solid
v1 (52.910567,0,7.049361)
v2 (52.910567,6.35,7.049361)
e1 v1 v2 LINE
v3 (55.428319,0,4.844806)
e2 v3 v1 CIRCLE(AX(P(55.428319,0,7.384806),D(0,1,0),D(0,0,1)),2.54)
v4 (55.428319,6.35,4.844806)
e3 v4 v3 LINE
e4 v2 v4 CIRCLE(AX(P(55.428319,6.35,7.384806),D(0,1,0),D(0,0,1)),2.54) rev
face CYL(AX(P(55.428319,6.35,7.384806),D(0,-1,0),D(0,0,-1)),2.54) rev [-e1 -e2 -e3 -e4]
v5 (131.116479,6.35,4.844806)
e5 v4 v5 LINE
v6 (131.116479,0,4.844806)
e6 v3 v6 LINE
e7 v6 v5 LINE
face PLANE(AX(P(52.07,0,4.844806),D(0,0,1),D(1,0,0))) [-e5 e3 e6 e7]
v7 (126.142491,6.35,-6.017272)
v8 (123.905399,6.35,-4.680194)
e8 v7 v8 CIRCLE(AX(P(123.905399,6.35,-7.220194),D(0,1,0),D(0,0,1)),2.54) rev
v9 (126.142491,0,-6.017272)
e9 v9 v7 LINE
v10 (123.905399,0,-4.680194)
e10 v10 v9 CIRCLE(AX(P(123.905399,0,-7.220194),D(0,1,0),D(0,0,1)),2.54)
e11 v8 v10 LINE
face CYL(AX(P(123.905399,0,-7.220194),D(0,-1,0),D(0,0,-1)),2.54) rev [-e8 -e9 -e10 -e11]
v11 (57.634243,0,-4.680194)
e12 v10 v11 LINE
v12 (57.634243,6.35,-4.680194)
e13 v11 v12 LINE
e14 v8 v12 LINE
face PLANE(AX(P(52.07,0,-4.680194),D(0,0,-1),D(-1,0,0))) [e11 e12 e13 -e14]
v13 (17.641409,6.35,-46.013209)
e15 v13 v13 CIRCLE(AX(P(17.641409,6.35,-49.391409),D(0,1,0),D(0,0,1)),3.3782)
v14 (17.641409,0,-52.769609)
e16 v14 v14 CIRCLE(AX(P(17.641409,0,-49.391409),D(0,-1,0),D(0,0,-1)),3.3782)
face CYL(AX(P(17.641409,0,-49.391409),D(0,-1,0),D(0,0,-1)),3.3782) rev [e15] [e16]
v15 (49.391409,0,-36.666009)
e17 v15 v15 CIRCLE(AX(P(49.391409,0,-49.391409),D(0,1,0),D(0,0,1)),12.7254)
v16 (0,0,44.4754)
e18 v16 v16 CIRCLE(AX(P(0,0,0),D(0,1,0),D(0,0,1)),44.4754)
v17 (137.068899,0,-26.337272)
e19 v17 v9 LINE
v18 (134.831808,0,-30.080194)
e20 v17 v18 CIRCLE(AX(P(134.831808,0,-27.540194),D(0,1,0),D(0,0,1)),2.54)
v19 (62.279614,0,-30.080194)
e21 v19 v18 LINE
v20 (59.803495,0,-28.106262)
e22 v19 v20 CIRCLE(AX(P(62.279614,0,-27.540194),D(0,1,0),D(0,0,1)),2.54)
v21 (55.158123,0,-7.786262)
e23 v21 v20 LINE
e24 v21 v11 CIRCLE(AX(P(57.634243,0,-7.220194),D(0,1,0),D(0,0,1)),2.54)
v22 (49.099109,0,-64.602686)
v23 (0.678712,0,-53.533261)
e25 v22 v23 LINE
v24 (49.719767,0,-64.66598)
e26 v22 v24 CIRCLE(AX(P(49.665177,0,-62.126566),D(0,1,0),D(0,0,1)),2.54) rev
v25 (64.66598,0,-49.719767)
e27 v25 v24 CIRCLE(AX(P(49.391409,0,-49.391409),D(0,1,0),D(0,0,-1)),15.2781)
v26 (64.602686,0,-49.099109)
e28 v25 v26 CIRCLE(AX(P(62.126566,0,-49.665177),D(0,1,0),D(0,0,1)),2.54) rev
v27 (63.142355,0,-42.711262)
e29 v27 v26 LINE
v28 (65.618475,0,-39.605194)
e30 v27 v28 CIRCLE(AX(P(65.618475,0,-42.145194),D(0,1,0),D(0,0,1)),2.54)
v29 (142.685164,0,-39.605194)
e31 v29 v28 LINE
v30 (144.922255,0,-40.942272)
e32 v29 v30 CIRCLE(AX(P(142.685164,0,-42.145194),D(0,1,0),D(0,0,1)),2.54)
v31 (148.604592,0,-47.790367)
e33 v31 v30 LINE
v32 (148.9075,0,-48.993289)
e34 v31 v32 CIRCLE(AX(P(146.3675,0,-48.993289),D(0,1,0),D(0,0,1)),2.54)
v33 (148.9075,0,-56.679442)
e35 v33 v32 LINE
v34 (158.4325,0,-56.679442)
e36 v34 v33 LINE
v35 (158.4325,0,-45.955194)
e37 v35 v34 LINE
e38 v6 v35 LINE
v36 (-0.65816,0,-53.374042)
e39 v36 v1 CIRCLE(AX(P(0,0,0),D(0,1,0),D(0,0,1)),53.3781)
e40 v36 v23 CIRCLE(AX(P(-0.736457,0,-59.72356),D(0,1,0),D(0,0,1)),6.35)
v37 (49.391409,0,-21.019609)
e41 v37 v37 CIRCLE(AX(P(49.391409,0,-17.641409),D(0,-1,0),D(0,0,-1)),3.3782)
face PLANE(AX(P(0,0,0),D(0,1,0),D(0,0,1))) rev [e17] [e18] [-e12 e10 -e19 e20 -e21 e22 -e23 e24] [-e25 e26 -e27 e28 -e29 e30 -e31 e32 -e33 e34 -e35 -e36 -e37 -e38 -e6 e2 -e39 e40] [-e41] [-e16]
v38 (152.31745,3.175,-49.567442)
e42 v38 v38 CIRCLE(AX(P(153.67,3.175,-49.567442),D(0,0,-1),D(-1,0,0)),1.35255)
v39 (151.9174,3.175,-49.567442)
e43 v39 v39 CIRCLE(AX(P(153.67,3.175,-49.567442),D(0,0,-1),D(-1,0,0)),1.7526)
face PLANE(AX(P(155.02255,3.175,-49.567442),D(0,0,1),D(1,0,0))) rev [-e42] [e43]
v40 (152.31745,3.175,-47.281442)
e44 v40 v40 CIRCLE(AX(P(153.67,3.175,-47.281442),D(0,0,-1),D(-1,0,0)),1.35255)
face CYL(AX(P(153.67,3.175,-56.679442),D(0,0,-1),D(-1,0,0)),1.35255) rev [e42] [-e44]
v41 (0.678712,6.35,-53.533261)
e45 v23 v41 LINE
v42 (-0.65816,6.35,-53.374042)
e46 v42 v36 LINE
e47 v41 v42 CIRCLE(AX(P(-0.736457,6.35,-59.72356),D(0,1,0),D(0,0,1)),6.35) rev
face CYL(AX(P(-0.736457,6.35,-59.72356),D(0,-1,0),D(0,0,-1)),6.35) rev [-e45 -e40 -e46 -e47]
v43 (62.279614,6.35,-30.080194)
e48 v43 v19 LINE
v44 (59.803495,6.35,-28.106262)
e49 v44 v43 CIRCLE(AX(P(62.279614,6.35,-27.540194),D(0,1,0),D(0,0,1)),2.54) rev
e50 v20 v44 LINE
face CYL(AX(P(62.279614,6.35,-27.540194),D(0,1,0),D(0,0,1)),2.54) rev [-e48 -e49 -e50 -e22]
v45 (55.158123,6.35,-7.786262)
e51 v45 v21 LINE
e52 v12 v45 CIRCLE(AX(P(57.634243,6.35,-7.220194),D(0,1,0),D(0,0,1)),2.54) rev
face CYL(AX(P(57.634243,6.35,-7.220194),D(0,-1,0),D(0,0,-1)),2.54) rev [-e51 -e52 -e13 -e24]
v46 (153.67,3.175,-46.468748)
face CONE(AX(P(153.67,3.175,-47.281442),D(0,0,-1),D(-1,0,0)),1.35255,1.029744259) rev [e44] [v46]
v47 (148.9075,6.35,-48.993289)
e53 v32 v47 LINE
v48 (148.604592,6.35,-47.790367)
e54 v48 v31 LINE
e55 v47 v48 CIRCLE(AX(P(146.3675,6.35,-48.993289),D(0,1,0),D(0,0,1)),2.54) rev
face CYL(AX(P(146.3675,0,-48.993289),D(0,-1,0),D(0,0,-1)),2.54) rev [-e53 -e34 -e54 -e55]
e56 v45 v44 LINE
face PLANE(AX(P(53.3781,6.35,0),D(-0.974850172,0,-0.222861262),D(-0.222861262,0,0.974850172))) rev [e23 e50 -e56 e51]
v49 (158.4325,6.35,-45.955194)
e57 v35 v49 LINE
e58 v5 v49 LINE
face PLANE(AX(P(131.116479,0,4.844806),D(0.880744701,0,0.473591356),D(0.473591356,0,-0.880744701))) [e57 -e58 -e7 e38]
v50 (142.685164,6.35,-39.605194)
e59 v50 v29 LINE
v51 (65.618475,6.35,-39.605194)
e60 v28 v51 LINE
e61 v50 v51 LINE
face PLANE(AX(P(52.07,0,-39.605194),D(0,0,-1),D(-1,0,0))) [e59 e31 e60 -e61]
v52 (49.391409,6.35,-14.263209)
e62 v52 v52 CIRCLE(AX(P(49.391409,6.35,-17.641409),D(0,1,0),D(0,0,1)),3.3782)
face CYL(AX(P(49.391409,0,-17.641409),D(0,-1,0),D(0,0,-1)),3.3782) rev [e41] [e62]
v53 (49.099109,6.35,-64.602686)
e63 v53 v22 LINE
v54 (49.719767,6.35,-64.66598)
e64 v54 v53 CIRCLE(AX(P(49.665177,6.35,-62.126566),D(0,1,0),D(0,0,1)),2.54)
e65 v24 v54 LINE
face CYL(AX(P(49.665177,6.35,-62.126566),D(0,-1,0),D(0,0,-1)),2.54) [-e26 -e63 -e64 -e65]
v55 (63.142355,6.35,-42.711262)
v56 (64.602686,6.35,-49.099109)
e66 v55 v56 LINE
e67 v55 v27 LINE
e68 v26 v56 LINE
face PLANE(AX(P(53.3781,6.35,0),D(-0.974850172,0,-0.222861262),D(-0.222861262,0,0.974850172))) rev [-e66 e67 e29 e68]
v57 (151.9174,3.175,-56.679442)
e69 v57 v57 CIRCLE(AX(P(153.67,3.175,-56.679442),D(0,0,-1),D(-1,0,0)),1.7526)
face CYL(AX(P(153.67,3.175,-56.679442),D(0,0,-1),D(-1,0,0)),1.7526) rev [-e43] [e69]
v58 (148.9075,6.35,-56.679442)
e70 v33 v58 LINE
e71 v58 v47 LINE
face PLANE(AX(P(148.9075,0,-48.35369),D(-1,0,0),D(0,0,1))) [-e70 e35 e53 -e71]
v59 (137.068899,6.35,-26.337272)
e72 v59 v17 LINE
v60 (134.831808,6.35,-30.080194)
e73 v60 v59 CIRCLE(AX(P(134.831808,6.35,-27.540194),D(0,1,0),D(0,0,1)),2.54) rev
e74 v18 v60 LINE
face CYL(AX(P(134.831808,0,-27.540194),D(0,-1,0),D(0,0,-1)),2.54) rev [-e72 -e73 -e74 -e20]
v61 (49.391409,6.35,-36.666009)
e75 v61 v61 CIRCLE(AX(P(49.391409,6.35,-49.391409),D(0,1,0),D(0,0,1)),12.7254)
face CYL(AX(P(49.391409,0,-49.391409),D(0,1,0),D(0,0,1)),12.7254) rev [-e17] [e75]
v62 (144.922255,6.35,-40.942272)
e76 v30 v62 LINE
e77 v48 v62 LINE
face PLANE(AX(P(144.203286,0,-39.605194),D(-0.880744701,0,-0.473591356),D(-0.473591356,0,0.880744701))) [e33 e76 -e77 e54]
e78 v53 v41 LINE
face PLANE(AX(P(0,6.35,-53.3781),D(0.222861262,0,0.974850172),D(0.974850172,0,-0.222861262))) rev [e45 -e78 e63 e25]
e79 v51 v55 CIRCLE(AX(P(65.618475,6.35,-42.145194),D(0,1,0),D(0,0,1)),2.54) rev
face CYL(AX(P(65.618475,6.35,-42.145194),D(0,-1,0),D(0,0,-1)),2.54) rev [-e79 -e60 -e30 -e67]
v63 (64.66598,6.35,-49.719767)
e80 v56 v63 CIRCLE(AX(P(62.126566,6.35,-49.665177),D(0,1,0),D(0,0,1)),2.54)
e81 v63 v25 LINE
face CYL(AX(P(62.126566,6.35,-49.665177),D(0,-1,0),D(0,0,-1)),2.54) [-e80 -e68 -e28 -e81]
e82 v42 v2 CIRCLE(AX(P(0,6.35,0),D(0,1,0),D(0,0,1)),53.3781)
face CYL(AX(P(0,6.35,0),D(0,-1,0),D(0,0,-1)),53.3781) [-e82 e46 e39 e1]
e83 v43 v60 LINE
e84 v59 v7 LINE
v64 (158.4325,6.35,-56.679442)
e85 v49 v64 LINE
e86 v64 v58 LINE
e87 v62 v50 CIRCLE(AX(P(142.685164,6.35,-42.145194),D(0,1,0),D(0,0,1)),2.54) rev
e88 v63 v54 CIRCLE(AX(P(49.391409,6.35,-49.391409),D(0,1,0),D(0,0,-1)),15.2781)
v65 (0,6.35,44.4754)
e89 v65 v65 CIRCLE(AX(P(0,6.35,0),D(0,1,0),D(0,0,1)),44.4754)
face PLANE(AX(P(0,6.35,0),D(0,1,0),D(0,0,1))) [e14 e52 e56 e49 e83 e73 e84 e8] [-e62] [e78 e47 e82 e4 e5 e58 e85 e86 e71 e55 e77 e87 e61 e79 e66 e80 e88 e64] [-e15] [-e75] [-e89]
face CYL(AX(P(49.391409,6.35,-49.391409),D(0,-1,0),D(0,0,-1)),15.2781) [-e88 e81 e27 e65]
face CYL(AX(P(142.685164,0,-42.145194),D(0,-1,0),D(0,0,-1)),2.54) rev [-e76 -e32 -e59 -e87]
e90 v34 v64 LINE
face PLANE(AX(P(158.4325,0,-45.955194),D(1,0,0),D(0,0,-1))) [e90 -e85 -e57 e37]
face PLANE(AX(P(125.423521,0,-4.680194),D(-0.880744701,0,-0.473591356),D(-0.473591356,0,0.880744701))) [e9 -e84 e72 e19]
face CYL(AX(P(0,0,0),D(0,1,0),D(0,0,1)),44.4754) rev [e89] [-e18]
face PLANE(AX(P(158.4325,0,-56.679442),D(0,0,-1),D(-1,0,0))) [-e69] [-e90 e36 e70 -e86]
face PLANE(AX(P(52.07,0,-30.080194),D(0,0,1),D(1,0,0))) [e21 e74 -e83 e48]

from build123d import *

# Parameters (mm, degrees)
BOSS_EXTRUDE1_DEPTH             = 6.35
FILLET2_R                       = 6.35
BOSS_EXTRUDE2_DEPTH             = 6.35
SKETCH3_R                       = 44.4754
SKETCH3_R_2                     = 12.7254
CUT_EXTRUDE1_DEPTH              = 7.35
FILLET3_R                       = 2.54
F_6_32_TAPPED_HOLE1_D           = 2.7051
F_6_32_TAPPED_HOLE1_DEPTH       = 9.398
F_6_32_TAPPED_HOLE1_CBORE_D     = 3.5052
F_6_32_TAPPED_HOLE1_CBORE_DEPTH = 7.112
F_6_32_TAPPED_HOLE1_TIP         = 0.81269403
F_1_4_CLEARANCE_HOLE1_D         = 6.7564
F_1_4_CLEARANCE_HOLE1_DEPTH     = 25.4
F_1_4_CLEARANCE_HOLE1_TIP       = 2.029827343


with BuildPart() as part:
    # Sketch1 → Boss-Extrude1 (new body)
    with BuildSketch(Plane(origin=(0, 0, 0), x_dir=(1, 0, 0), z_dir=(0, 1, 0))):
        with BuildLine():
            Line((0, 53.3781), (49.391408666, 64.669508666))
            ThreePointArc((49.391408666, 64.669508666), (60.19465678, 60.19465678), (64.669508666, 49.391408666))
            Line((64.669508666, 49.391408666), (53.3781, 0))
            ThreePointArc((53.3781, 0), (-37.744016477, -37.744016477), (0, 53.3781))
        make_face()
    extrude(amount=BOSS_EXTRUDE1_DEPTH)

    # Fillet2
    fillet2_edges = [part.edges().sort_by_distance(p)[0] for p in [
        (0, 3.175, -53.3781),
        (53.3781, 3.175, 0),
    ]]
    fillet(fillet2_edges, radius=FILLET2_R)

    # Sketch4 → Boss-Extrude2 (add)
    with BuildSketch(Plane(origin=(0, 6.35, 0), x_dir=(1, 0, 0), z_dir=(0, 1, 0))):
        Polygon((52.07, -4.84480564), (131.116478857, -4.84480564), (158.4325, 45.95519436), (158.4325, 56.6794421), (148.9075, 56.6794421), (148.9075, 48.353689839), (144.203285679, 39.60519436), (52.07, 39.60519436), (52.07, 30.08019436), (139.081531715, 30.08019436), (125.423521143, 4.68019436), (52.07, 4.68019436), align=None)
    extrude(amount=-BOSS_EXTRUDE2_DEPTH)

    # Sketch3 → Cut-Extrude1 (cut, through all)
    with BuildSketch(Plane(origin=(0, 6.35, 0), x_dir=(1, 0, 0), z_dir=(0, 1, 0))):
        Circle(SKETCH3_R)
        with Locations((49.391408666, 49.391408666)):
            Circle(SKETCH3_R_2)
    extrude(amount=-CUT_EXTRUDE1_DEPTH, mode=Mode.SUBTRACT)

    # Fillet3
    fillet3_edges = [part.edges().sort_by_distance(p)[0] for p in [
        (139.081531715, 3.175, -30.08019436),
        (54.448042903, 3.175, -4.68019436),
        (125.423521143, 3.175, -4.68019436),
        (60.25475682, 3.175, -30.08019436),
        (62.432274539, 3.175, -39.60519436),
        (144.203285679, 3.175, -39.60519436),
        (148.9075, 3.175, -48.353689839),
        (53.157778527, 3.175, 4.84480564),
        (49.391408666, 3.175, -64.669508666),
        (64.669508666, 3.175, -49.391408666),
    ]]
    fillet(fillet3_edges, radius=FILLET3_R)

    # #6-32 Tapped Hole1
    with Locations(Plane(origin=(0, 0, -56.6794421), x_dir=(-1, 0, 0), z_dir=(0, 0, -1))):
        with Locations((-153.67, 3.175)):
            CounterBoreHole(F_6_32_TAPPED_HOLE1_D / 2, F_6_32_TAPPED_HOLE1_CBORE_D / 2, F_6_32_TAPPED_HOLE1_CBORE_DEPTH, depth=F_6_32_TAPPED_HOLE1_DEPTH)
            with Locations((0, 0, -(F_6_32_TAPPED_HOLE1_DEPTH + F_6_32_TAPPED_HOLE1_TIP / 2))):  # 118° drill point
                Cone(0, F_6_32_TAPPED_HOLE1_D / 2, F_6_32_TAPPED_HOLE1_TIP, mode=Mode.SUBTRACT)

    # 1/4 Clearance Hole1
    with Locations(Plane.XZ):
        with Locations((49.391408666, -17.641408666), (17.641408666, -49.391408666)):
            Hole(F_1_4_CLEARANCE_HOLE1_D / 2, depth=F_1_4_CLEARANCE_HOLE1_DEPTH)
            with Locations((0, 0, -(F_1_4_CLEARANCE_HOLE1_DEPTH + F_1_4_CLEARANCE_HOLE1_TIP / 2))):  # 118° drill point
                Cone(0, F_1_4_CLEARANCE_HOLE1_D / 2, F_1_4_CLEARANCE_HOLE1_TIP, mode=Mode.SUBTRACT)


solid = part.part
